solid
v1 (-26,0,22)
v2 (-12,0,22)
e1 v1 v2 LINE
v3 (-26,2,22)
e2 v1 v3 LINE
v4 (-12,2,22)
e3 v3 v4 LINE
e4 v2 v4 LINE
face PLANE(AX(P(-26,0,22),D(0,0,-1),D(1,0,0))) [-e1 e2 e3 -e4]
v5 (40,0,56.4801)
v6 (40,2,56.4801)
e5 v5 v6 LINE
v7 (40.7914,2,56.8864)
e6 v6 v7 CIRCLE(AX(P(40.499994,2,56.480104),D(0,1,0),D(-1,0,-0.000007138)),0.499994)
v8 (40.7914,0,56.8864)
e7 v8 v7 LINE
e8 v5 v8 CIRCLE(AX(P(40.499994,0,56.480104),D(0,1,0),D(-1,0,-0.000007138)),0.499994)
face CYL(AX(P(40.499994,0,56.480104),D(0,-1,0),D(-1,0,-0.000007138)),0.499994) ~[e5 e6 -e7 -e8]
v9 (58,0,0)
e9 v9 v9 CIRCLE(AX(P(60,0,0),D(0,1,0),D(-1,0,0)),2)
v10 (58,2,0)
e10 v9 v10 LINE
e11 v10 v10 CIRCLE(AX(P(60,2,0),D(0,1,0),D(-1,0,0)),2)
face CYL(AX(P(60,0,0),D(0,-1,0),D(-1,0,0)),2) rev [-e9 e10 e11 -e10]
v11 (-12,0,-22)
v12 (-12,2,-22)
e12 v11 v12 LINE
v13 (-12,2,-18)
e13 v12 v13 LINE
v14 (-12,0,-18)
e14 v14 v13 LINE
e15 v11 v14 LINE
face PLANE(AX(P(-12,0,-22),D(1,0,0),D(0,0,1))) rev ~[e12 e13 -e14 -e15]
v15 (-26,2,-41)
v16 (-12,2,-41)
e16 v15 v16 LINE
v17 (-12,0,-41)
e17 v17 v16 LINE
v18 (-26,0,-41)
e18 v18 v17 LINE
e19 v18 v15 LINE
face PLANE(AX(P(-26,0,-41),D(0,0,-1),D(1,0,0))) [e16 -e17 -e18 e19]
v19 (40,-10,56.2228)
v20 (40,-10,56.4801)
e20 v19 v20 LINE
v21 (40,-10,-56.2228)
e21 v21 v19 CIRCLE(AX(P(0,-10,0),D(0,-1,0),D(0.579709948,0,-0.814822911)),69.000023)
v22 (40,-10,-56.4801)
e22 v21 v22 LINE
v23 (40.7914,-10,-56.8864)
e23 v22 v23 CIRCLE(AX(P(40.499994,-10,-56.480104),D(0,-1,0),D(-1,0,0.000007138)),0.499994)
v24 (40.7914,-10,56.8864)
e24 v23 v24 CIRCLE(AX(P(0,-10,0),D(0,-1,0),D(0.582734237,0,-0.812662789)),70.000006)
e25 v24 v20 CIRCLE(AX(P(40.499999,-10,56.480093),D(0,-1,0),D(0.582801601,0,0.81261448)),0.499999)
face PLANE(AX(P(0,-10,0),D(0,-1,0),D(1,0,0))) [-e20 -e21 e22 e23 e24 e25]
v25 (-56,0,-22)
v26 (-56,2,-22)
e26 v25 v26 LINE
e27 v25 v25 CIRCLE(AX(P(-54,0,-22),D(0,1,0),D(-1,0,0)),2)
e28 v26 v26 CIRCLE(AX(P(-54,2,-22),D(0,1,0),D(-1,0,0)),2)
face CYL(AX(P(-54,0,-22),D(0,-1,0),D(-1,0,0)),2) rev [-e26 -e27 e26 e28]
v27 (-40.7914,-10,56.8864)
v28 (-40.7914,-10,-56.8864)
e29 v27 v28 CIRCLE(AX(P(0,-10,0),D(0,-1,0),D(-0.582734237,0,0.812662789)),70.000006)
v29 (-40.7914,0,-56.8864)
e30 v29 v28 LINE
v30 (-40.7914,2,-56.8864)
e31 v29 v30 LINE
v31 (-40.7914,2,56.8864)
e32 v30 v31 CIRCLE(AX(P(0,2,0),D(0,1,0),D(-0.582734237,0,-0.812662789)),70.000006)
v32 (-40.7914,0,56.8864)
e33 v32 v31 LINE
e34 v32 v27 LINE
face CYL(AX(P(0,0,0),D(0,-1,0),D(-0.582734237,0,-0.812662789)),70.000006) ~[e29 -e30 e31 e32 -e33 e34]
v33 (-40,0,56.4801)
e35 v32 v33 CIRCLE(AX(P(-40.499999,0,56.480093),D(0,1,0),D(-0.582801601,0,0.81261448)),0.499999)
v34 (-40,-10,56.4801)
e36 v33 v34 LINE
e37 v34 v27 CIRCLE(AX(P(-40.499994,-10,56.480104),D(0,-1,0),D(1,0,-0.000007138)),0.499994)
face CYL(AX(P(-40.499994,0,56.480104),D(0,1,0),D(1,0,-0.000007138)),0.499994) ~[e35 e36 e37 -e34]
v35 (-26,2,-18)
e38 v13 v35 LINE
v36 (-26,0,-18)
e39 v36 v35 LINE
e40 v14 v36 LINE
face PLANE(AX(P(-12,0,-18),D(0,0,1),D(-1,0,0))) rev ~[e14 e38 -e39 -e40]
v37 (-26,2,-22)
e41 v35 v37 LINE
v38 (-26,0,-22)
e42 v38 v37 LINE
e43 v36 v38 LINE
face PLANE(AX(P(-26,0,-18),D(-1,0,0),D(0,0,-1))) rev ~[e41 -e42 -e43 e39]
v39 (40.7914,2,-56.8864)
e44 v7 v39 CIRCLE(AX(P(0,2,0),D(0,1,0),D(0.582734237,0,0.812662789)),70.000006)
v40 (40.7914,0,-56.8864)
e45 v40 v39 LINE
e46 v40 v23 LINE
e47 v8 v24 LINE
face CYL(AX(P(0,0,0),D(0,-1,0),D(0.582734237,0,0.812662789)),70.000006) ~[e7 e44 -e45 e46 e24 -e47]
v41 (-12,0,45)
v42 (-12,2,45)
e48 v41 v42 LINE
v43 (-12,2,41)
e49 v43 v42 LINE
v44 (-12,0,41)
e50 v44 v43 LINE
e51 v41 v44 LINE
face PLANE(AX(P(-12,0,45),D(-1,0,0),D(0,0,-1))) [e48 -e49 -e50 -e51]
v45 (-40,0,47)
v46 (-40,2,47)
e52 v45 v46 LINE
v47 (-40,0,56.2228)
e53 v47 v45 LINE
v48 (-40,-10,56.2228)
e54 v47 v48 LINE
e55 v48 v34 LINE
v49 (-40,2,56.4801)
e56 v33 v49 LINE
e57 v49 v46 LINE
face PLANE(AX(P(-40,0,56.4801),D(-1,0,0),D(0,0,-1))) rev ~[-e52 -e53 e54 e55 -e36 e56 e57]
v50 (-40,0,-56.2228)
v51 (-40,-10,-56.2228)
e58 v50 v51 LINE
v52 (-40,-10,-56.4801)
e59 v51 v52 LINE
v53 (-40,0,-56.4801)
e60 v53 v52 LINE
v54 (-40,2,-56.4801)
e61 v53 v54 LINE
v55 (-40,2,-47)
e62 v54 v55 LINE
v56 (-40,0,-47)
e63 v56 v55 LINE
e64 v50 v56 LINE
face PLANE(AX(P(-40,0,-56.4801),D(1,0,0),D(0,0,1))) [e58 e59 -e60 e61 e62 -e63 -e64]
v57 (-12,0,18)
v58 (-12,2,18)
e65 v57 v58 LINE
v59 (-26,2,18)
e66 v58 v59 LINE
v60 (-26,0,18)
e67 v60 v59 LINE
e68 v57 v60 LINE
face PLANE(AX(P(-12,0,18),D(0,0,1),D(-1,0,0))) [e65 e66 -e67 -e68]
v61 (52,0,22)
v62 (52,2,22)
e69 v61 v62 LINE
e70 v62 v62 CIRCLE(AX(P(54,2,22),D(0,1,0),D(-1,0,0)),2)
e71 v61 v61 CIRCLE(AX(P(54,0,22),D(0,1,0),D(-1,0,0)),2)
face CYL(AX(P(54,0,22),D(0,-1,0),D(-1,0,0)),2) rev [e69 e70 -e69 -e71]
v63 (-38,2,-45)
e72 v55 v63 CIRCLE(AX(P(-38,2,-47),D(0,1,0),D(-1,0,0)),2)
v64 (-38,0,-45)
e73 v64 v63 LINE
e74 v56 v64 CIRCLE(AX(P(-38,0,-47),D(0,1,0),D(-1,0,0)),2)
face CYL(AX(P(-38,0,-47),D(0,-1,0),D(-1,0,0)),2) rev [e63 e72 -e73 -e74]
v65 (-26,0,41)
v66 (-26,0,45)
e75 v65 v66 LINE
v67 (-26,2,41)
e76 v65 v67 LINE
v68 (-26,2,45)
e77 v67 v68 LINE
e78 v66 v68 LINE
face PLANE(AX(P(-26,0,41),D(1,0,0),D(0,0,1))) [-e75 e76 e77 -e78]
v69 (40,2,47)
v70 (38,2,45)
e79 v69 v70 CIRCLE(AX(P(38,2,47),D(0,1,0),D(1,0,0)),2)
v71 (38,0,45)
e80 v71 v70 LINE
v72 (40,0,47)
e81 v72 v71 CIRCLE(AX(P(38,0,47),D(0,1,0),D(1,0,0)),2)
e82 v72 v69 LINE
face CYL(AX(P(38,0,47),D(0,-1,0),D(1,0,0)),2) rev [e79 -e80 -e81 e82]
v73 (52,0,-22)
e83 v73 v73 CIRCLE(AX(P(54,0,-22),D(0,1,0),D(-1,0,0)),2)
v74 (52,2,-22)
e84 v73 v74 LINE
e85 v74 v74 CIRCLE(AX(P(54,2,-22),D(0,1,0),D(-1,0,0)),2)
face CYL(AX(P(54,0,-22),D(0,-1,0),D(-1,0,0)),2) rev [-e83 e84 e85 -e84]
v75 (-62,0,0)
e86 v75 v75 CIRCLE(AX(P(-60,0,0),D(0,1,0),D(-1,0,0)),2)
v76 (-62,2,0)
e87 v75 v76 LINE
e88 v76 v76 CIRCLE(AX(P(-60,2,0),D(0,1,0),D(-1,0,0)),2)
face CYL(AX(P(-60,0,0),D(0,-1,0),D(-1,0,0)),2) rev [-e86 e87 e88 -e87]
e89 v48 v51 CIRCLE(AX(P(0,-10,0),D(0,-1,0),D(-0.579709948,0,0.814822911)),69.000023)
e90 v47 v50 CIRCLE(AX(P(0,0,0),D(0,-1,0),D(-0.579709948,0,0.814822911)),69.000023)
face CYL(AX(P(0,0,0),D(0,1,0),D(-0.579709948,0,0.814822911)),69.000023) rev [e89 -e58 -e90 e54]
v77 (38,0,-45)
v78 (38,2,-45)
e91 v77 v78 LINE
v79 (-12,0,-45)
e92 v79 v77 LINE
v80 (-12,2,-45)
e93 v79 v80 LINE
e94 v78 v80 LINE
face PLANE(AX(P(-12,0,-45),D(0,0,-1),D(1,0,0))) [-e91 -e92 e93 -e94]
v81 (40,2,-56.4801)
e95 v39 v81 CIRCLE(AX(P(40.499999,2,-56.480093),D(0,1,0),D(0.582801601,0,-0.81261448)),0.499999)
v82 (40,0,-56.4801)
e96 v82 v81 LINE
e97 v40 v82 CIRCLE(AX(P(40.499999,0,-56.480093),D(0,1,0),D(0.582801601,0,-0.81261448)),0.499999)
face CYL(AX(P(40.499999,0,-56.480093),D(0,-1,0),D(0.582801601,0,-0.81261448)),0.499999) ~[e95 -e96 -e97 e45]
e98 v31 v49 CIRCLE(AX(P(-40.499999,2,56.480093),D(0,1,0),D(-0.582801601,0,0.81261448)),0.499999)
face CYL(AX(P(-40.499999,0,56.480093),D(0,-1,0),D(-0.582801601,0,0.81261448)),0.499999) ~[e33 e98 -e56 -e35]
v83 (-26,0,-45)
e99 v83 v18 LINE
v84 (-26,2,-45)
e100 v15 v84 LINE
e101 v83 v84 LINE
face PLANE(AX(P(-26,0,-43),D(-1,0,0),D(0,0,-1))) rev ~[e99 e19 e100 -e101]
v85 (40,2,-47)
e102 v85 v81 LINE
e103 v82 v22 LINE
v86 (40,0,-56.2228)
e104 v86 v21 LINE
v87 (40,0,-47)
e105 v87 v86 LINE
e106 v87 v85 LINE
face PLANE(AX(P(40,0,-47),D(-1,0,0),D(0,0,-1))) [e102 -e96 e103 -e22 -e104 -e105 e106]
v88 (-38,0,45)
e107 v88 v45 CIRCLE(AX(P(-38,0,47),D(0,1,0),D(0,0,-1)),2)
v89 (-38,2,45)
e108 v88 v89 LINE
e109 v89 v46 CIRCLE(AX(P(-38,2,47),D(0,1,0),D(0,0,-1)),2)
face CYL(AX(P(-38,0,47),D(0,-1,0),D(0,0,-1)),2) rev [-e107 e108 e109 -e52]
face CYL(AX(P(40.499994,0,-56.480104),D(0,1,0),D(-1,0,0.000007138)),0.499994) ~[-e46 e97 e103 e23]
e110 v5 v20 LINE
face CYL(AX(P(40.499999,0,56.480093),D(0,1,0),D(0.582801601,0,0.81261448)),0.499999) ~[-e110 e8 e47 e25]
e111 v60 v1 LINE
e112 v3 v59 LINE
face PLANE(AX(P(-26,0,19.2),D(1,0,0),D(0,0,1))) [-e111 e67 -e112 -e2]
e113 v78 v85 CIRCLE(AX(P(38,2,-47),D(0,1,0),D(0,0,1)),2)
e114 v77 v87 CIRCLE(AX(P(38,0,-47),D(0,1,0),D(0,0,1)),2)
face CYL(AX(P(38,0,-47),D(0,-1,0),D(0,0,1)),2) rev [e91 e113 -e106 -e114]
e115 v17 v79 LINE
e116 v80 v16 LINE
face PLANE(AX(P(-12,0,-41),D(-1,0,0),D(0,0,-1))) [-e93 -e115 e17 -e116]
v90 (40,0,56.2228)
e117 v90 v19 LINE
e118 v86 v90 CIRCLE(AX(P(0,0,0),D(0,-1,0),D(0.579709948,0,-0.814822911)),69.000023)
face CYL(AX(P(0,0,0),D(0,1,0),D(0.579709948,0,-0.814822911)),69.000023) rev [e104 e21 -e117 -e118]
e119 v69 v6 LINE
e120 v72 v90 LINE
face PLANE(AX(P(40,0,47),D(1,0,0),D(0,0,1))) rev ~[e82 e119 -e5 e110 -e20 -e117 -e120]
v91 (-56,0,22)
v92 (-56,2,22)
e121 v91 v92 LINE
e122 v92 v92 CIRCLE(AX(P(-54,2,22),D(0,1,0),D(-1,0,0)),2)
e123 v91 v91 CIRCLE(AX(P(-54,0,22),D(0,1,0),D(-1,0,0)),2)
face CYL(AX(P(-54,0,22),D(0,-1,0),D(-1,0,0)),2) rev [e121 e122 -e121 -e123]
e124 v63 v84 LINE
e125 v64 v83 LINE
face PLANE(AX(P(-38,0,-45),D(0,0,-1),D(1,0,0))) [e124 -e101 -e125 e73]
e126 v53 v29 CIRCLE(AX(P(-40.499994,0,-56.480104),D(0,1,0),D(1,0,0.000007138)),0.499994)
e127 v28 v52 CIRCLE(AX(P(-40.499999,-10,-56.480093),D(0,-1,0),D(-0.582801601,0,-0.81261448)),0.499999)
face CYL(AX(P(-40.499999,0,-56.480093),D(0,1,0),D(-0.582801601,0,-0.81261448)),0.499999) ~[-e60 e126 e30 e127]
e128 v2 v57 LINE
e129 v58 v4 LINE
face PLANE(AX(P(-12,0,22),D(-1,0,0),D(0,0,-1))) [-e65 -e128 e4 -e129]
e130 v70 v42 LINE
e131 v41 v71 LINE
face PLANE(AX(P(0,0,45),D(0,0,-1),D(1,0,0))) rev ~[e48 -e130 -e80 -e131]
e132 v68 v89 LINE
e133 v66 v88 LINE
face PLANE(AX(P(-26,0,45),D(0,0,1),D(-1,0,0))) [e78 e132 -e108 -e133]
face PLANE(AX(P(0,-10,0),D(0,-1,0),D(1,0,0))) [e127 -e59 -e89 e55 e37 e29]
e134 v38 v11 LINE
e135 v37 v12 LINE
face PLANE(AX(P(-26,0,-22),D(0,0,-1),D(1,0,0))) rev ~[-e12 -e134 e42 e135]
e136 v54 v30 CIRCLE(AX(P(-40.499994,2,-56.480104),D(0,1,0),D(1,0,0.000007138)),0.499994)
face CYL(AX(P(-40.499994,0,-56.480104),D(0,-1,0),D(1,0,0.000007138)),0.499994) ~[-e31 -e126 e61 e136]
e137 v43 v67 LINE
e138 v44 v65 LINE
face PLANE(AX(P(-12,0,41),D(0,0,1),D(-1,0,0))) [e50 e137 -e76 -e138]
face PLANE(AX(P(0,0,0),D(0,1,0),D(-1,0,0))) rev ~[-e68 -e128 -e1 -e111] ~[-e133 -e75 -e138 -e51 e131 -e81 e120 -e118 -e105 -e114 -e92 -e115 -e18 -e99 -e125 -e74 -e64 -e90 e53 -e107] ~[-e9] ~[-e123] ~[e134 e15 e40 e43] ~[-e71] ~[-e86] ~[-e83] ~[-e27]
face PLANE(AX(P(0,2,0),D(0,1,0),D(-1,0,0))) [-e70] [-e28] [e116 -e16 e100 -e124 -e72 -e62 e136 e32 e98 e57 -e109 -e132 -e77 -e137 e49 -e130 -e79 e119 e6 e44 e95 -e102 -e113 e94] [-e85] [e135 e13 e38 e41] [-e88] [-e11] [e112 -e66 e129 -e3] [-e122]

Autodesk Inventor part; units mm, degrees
ref_plane "YZ Plane" through (0, 0, 0) normal (1, 0, 0) x (0, 1, 0)
ref_plane "XZ Plane" through (0, 0, 0) normal (0, 1, 0) x (-1, 0, 0)
ref_plane "XY Plane" through (0, 0, 0) normal (0, 0, 1) x (1, 0, 0)
sketch "Esboço1" plane through (0, 0, 0) normal (0, 1, 0) x (-1, 0, 0)
  line L0 (-40, 47) -> (-40, 56.4801)
  line L1 (40, 56.4801) -> (40, 47)
  line L2 (-40, -47) -> (-40, -56.4801)
  line L3 (40, -56.4801) -> (40, -47)
  arc A0 (-40.7914, 56.8864) -> (-40.7914, -56.8864) centre (0, 0) ccw
  arc A1 (40.7914, -56.8864) -> (40.7914, 56.8864) centre (0, 0) ccw
  line L4 (12, 45) -> (12, 41)
  line L5 (12, -45) -> (12, -43)
  line L6 (26, -43) -> (26, -45)
  line L7 (0, 45) -> (12, 45)
  line L8 (26, 45) -> (38, 45)
  line L9 (38, 45) -> (26, 45)
  line L10 (12, 45) -> (-38, 45)
  line L11 (38, -45) -> (26, -45)
  line L12 (12, -45) -> (-38, -45)
  line L13 (0, -45) -> (12, -45)
  line L14 (26, -45) -> (38, -45)
  line L15 (26, 22) -> (12, 22)
  line L16 (12, 22) -> (12, 20)
  line L17 (26, 19.2) -> (26, 22)
  line L18 (26, -22) -> (12, -22)
  line L19 (12, -22) -> (12, -18)
  line L20 (12, -18) -> (26, -18)
  line L21 (26, -18) -> (26, -22)
  arc A2 (40, -47) -> (38, -45) centre (38, -47) ccw
  arc A3 (-38, -45) -> (-40, -47) centre (-38, -47) ccw
  arc A4 (-40, 47) -> (-38, 45) centre (-38, 47) ccw
  arc A5 (38, 45) -> (40, 47) centre (38, 47) ccw
  circle A6 centre (54, 22) radius 2
  circle A7 centre (54, -22) radius 2
  circle A8 centre (-54, -22) radius 2
  circle A9 centre (-54, 22) radius 2
  arc A10 (40.7914, 56.8864) -> (40, 56.4801) centre (40.5, 56.4801) ccw
  arc A11 (-40, 56.4801) -> (-40.7914, 56.8864) centre (-40.5, 56.4801) ccw
  arc A12 (-40.7914, -56.8864) -> (-40, -56.4801) centre (-40.5, -56.4801) ccw
  arc A13 (40, -56.4801) -> (40.7914, -56.8864) centre (40.5, -56.4801) ccw
  circle A14 centre (60, 0) radius 2
  circle A15 centre (-60, 0) radius 2
  line L22 (26, 22) -> (12, 22)
  line L23 (12, 22) -> (12, 18)
  line L24 (12, 18) -> (26, 18)
  line L25 (26, 18) -> (26, 22)
  line L26 (12, 41) -> (26, 41)
  line L27 (26, 41) -> (26, 45)
  line L28 (12, 44.2) -> (12, 41)
  line L29 (26, -45) -> (26, -41)
  line L30 (26, -41) -> (12, -41)
  line L31 (12, -41) -> (12, -45)
  point P0 (-40, 57.4456)
  point P1 (40, 57.4456)
  point P2 (-40, -57.4456)
  point P3 (40, -57.4456)
  dimension "d69" = 0.5
  dimension "d76" = 4
  dimension "d77" = 4
  dimension "d80" = 4
  dimension "d81" = 4
  dimension "d83" = 19
  dimension "d84" = 14
  dimension "d86" = 19
  dimension "d87" = 4
extrude "Extrusão1" add sketch "Esboço1" along normal blind 2
sketch "Esboço2" plane through (0, 0, 0) normal (0, -1, 0) x (1, 0, 0)
  point P0 (0, 0)
sketch "Esboço3" plane through (0, 0, 0) normal (0, -1, 0) x (1, 0, 0)
  line L0 (40, 47) -> (40, 56.4801) projected
  line L1 (40, 56.2228) -> (40, 56.4801)
  line L2 (-40, 56.2228) -> (-40, 56.4801)
  line L3 (-40, -56.2228) -> (-40, -56.4801)
  line L4 (40, -56.2228) -> (40, -56.4801)
  arc A0 (40, -56.2228) -> (40, 56.2228) centre (0, 0) ccw
  arc A1 (-40, 56.2228) -> (-40, -56.2228) centre (0, 0) ccw
  arc A2 (40.7914, -56.8864) -> (40.7914, 56.8864) centre (0, 0) ccw
  arc A3 (-40.7914, 56.8864) -> (-40.7914, -56.8864) centre (0, 0) ccw
  arc A4 (40.7914, 56.8864) -> (40, 56.4801) centre (40.5, 56.4801) ccw
  arc A5 (-40, 56.4801) -> (-40.7914, 56.8864) centre (-40.5, 56.4801) ccw
  arc A6 (-40.7914, -56.8864) -> (-40, -56.4801) centre (-40.5, -56.4801) ccw
  arc A7 (40, -56.4801) -> (40.7914, -56.8864) centre (40.5, -56.4801) ccw
  point P0 (40, 57.4456)
  point P1 (-40, 57.4456)
  point P2 (-40, -57.4456)
  point P3 (40, -57.4456)
  point P4 (40, 56.4801)
  dimension "d71" = 0.5
extrude "Extrusão2" add sketch "Esboço3" along normal blind 10
properties part number "base 1" material "Plástico PC/ABS"
